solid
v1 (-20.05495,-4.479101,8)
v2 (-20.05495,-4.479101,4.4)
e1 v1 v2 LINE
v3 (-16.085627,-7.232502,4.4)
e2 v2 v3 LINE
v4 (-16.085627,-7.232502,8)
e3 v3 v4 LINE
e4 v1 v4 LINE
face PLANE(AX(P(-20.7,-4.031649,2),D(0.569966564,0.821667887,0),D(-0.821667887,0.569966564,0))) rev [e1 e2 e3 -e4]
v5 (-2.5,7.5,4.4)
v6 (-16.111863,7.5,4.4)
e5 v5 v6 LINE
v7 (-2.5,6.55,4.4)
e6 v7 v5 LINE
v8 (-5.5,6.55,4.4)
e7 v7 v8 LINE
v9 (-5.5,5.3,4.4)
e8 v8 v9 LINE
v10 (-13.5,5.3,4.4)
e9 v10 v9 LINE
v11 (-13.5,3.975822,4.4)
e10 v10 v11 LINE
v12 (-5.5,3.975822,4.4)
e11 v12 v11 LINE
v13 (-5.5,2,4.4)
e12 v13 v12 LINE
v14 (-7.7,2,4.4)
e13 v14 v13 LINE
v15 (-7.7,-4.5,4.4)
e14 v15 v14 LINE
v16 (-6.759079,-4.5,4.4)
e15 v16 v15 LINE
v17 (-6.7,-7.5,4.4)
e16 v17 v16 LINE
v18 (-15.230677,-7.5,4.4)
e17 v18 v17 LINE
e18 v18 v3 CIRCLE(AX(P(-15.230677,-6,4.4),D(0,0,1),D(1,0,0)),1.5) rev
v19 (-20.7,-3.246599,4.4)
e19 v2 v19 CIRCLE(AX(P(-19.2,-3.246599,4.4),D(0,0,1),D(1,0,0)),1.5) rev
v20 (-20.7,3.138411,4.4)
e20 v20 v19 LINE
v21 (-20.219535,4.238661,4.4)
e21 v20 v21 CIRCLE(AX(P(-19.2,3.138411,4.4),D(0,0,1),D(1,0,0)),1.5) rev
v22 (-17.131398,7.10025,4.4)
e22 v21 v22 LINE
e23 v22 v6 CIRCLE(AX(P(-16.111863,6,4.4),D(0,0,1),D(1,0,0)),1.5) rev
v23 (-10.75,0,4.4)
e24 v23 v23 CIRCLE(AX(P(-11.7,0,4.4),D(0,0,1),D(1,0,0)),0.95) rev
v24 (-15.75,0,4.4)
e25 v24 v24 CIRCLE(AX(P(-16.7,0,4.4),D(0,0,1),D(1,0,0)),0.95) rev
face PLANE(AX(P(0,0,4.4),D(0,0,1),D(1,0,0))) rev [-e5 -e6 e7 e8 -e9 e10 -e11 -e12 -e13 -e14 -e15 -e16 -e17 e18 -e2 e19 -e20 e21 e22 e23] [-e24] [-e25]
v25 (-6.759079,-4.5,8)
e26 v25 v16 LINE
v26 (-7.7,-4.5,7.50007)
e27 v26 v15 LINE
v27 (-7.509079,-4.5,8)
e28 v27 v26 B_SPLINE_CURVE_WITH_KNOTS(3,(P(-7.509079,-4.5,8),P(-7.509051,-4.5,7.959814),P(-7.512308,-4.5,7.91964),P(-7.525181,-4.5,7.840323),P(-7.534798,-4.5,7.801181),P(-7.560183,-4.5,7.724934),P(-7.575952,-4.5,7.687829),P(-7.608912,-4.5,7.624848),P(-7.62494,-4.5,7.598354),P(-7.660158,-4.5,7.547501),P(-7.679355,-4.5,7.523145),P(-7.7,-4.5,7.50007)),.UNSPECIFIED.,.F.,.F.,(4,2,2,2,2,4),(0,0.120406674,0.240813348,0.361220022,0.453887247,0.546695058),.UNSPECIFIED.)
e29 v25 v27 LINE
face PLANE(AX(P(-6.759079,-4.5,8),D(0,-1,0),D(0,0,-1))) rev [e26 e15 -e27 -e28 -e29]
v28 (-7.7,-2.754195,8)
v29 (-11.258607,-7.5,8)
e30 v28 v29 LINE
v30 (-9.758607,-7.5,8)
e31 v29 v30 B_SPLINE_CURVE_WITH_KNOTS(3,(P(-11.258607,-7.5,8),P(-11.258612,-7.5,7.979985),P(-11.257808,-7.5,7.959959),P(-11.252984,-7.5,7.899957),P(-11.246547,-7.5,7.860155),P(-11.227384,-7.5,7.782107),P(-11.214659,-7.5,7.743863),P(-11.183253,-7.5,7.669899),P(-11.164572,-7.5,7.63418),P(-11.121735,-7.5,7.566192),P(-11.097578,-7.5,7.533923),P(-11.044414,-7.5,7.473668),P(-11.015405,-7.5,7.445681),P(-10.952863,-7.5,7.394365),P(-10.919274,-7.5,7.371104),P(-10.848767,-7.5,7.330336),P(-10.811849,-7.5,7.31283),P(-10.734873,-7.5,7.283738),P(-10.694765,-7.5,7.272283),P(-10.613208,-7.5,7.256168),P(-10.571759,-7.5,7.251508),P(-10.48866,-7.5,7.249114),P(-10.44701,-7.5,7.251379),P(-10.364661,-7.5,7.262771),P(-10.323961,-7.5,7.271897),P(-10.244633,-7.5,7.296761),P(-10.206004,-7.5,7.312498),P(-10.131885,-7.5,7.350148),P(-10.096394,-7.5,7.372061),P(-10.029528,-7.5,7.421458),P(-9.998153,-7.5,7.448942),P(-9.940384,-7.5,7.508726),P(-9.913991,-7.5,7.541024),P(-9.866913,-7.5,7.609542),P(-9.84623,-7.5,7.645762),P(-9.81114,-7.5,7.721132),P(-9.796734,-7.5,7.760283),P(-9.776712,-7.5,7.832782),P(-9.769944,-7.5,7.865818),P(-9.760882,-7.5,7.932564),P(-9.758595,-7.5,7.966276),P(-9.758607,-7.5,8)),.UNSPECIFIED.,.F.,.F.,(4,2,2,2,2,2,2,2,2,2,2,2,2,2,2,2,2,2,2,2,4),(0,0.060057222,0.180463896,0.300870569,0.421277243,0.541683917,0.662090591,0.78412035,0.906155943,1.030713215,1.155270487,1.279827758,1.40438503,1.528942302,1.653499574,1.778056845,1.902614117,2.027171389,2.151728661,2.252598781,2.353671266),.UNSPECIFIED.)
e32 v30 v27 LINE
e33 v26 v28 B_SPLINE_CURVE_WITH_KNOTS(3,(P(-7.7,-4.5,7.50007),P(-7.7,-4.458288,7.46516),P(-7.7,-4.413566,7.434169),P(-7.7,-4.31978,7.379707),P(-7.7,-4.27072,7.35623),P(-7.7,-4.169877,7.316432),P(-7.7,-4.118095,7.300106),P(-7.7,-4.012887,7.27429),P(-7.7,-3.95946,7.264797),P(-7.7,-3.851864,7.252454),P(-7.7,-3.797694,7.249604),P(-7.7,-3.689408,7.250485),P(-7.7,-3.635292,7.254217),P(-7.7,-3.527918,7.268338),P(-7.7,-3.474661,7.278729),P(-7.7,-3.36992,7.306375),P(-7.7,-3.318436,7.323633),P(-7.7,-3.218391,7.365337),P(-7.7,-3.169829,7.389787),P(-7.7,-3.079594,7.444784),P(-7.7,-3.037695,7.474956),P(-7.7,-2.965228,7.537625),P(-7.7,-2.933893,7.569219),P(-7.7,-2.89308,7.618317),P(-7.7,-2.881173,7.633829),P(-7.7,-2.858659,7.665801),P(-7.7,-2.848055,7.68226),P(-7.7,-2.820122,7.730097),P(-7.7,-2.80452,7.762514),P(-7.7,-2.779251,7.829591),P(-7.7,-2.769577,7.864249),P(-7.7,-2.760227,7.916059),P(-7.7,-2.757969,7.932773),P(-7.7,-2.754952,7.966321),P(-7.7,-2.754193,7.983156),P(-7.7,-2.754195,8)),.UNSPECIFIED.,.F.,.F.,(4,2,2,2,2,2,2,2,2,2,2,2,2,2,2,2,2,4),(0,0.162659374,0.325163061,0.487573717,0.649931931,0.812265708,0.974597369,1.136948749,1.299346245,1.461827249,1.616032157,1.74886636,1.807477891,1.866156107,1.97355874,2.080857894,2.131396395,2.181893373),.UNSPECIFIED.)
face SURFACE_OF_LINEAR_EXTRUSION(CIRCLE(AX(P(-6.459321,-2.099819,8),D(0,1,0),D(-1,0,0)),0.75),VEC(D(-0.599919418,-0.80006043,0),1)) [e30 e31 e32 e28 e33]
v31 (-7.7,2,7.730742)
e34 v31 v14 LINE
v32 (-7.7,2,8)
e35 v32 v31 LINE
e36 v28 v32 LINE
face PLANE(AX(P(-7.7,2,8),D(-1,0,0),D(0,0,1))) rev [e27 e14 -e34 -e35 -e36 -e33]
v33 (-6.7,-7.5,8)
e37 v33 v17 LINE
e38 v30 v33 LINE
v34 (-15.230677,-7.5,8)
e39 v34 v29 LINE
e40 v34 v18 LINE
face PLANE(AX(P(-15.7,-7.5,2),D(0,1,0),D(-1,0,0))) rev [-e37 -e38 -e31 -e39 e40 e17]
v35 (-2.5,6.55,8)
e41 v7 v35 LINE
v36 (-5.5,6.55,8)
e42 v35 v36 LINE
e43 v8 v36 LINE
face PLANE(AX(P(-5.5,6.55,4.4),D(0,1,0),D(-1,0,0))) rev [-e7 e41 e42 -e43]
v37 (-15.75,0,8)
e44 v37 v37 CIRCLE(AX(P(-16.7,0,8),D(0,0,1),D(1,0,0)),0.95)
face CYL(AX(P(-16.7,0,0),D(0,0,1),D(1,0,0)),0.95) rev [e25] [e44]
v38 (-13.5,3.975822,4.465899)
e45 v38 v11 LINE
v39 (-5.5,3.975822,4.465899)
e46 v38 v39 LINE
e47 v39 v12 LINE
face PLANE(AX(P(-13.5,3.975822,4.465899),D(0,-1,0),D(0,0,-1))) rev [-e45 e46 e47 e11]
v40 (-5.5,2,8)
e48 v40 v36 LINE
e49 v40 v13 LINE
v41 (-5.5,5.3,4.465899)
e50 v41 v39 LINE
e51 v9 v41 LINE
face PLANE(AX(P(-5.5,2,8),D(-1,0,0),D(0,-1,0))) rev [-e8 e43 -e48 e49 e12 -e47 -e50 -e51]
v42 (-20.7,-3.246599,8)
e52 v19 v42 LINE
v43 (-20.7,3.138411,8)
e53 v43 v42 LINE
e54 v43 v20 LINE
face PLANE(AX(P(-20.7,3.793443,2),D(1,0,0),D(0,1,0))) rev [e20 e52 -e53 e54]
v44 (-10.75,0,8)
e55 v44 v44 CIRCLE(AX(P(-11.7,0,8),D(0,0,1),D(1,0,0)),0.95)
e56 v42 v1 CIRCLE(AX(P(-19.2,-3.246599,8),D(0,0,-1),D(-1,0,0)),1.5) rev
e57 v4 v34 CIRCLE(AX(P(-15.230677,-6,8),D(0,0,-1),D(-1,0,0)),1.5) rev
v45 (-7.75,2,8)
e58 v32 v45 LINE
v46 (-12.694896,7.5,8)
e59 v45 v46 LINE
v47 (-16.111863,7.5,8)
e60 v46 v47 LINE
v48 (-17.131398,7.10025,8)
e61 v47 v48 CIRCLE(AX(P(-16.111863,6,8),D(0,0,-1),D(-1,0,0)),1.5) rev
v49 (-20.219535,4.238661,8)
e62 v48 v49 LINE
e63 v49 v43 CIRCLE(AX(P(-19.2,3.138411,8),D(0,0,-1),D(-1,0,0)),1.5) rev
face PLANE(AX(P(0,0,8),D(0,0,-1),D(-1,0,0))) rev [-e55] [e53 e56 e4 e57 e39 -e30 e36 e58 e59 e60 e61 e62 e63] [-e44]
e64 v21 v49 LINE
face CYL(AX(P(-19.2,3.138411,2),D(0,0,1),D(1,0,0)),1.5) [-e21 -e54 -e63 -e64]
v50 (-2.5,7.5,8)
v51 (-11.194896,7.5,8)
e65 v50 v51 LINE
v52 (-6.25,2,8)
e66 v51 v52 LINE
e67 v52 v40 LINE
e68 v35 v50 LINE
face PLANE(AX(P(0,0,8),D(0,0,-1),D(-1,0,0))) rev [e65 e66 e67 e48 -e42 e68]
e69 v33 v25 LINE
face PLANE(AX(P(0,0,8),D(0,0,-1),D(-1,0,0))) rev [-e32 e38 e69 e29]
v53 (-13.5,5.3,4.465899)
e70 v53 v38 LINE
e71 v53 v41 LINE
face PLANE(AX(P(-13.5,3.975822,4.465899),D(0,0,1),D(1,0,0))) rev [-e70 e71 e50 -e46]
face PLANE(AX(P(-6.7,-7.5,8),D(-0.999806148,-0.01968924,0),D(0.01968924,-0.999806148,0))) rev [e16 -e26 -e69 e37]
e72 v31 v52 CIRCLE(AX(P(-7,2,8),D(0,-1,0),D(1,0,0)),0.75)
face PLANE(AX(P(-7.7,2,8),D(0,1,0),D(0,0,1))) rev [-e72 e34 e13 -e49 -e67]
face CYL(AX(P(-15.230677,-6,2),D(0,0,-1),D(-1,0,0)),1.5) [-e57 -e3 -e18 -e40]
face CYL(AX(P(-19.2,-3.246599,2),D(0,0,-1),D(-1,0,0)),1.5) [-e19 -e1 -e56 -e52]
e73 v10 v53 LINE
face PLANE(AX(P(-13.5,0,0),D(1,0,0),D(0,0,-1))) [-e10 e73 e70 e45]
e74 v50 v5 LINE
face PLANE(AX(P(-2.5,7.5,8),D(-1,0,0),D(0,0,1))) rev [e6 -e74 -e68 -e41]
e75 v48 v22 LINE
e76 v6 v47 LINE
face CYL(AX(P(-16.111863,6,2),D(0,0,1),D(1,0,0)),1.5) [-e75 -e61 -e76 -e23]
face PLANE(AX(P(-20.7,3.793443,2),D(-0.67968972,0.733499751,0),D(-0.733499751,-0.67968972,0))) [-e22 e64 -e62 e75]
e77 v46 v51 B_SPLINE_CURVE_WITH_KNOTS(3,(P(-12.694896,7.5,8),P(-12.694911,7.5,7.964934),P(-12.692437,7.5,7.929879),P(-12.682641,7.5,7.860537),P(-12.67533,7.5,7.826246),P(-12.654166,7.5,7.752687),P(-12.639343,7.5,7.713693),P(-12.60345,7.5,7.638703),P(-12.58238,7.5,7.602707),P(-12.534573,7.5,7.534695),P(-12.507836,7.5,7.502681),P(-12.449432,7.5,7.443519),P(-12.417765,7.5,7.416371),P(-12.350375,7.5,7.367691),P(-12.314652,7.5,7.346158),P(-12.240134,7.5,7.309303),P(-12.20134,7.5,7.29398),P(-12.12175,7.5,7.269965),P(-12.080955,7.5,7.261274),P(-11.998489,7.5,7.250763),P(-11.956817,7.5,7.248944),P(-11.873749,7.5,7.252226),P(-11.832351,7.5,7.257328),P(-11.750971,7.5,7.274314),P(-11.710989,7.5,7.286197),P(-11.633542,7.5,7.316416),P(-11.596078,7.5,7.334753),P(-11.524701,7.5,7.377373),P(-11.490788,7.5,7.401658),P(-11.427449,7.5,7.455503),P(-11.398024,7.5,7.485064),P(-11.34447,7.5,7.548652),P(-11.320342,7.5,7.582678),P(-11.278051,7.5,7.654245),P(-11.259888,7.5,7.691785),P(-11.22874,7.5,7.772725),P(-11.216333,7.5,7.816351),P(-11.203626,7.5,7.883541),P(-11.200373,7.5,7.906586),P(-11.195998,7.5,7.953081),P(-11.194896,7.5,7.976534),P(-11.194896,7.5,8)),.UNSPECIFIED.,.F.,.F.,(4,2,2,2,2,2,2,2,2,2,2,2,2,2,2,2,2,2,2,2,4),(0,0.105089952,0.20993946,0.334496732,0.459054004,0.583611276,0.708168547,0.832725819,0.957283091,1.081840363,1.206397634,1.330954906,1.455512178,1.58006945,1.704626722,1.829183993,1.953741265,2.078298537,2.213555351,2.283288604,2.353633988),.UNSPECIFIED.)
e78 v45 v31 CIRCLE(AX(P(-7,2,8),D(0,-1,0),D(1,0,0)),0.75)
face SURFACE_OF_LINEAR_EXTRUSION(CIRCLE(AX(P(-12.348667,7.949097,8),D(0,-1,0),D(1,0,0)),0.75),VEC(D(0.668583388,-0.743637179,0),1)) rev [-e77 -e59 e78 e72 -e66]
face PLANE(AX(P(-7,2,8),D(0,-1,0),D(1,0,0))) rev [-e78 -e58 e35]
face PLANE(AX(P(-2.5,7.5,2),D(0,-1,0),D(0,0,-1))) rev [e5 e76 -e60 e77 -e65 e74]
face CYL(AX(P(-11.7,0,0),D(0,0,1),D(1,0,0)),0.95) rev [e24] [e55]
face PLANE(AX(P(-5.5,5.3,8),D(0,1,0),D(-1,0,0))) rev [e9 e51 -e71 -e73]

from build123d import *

# Parameters (mm, degrees)
BOSS_EXTRUDE1_DEPTH      = 2
BOSS_EXTRUDE2_DEPTH      = 6
SKETCH24_R               = 3.9
BOSS_EXTRUDE5_DEPTH      = 2.3
SKETCH30_W               = 2.408612022
SKETCH30_H               = 1.324178481
CUT_EXTRUDE12_DEPTH      = 8
CUT_EXTRUDE11_DEPTH      = 5.3
FILLET1_R                = 1.5
SKETCH34_R               = 0.75
CUT_EXTRUDE13_DEPTH      = 8
SKETCH35_R               = 0.75
CUT_EXTRUDE14_DEPTH      = 3
CUT_EXTRUDE14_DEPTH_BACK = 8
SKETCH36_R               = 0.95
CUT_EXTRUDE15_DEPTH      = 8
SKETCH37_R               = 2
CUT_EXTRUDE16_DEPTH      = 2.5
SKETCH38_W               = 3
SKETCH38_H               = 1.25
CUT_EXTRUDE17_DEPTH      = 3.6


with BuildPart() as part:
    # Sketch2 → Boss-Extrude1 (new body)
    with BuildSketch(Plane.XY):
        with BuildLine():
            Line((-2.5, 7.5), (-16.7, 7.5))
            Line((-16.7, 7.5), (-20.7, 3.793442666))
            Line((-20.7, 3.793442666), (-20.7, -4.031648778))
            Line((-20.7, -4.031648778), (-15.7, -7.5))
            Line((-15.7, -7.5), (-6.7, -7.5))
            Line((-6.7, -7.5), (-4.2, -5.6))
            ThreePointArc((-4.2, -5.6), (3.130495168, -6.260990337), (7, 0))
            ThreePointArc((7, 0), (4.949747468, 4.949747468), (0, 7))
            Line((0, 7), (0, 7.5))
            Line((0, 7.5), (-2.5, 7.5))
        make_face()
    extrude(amount=BOSS_EXTRUDE1_DEPTH)

    # Sketch4 → Boss-Extrude2 (add)
    with BuildSketch(Plane.XY.offset(2)):
        Polygon((-15.7, -7.5), (-6.7, -7.5), (-6.759079174, -4.5), (-7.7, -4.5), (-7.7, 2), (-5.5, 2), (-5.5, 5.3), (-2.5, 5.3), (-2.5, 7.5), (-16.7, 7.5), (-20.7, 3.793442666), (-20.7, -4.031648778), align=None)
    extrude(amount=BOSS_EXTRUDE2_DEPTH)

    # Sketch24 → Boss-Extrude5 (add)
    with BuildSketch(Plane.XY.offset(2)):
        Circle(SKETCH24_R)
    extrude(amount=BOSS_EXTRUDE5_DEPTH)

    # Sketch30 → Cut-Extrude12 (cut)
    with BuildSketch(Plane(origin=(-5.5, 0, 0), x_dir=(0, 0, -1), z_dir=(1, 0, 0))):
        with Locations((-3.261593395, 4.63791076)):
            Rectangle(SKETCH30_W, SKETCH30_H)
    extrude(amount=-CUT_EXTRUDE12_DEPTH, mode=Mode.SUBTRACT)

    # Sketch28 → Cut-Extrude11 (cut, through all)
    with BuildSketch(Plane.XY.offset(4.3)):
        with BuildLine():
            Line((-1, 1.732050808), (-1, -1.732050808))
            ThreePointArc((-1, -1.732050808), (2, 0), (-1, 1.732050808))
        make_face()
    extrude(amount=-CUT_EXTRUDE11_DEPTH, mode=Mode.SUBTRACT)

    # Fillet1
    fillet1_edges = [part.edges().sort_by_distance(p)[0] for p in [
        (-11.2, -7.5, 0),
        (-8.35, 7.5, 0),
        (-18.7, 5.646721333, 0),
        (-18.2, -5.765824389, 0),
        (-20.7, -0.119103056, 0),
        (-15.7, -7.5, 4),
        (-20.7, -4.031648778, 4),
        (-20.7, 3.793442666, 4),
        (-16.7, 7.5, 4),
    ]]
    fillet(fillet1_edges, radius=FILLET1_R)

    # Sketch34 → Cut-Extrude13 (cut, along a direction that is not the sketch's normal)
    with BuildSketch(Plane.XZ.offset(-2)):
        with Locations((-7, 8)):
            Circle(SKETCH34_R)
    extrude(amount=-CUT_EXTRUDE13_DEPTH, dir=(0.668583388, -0.743637179, 0), mode=Mode.SUBTRACT)

    # Sketch35 → Cut-Extrude14 (cut, two sides, along a direction that is not the sketch's normal)
    with BuildSketch(Plane(origin=(0, -4.5, 0), x_dir=(1, 0, 0), z_dir=(0, 1, 0))) as cut_extrude14_sk:
        with Locations((-8.259079174, -8)):
            Circle(SKETCH35_R)
    extrude(amount=CUT_EXTRUDE14_DEPTH, dir=(0.599919418, 0.80006043, 0), mode=Mode.SUBTRACT)
    extrude(cut_extrude14_sk.sketch, amount=-CUT_EXTRUDE14_DEPTH_BACK, dir=(0.599919418, 0.80006043, 0), mode=Mode.SUBTRACT)

    # Sketch36 → Cut-Extrude15 (cut)
    with BuildSketch(Plane.XY.offset(8)):
        with Locations((-11.7, 0)):
            Circle(SKETCH36_R)
        with Locations((-16.7, 0)):
            Circle(SKETCH36_R)
    extrude(amount=-CUT_EXTRUDE15_DEPTH, mode=Mode.SUBTRACT)

    # Sketch37 → Cut-Extrude16 (cut)
    with BuildSketch(Plane(origin=(0, 0, 0), x_dir=(-1, 0, 0), z_dir=(0, 0, -1))):
        with Locations((11.7, 0)):
            Circle(SKETCH37_R)
        with Locations((16.7, 0)):
            Circle(SKETCH37_R)
    extrude(amount=-CUT_EXTRUDE16_DEPTH, mode=Mode.SUBTRACT)

    # Sketch38 → Cut-Extrude17 (cut)
    with BuildSketch(Plane.XY.offset(8)):
        with Locations((-4, 5.925)):
            Rectangle(SKETCH38_W, SKETCH38_H)
    extrude(amount=-CUT_EXTRUDE17_DEPTH, mode=Mode.SUBTRACT)


with BuildPart() as body_2:
    # Split1: the piece on the far side of the plane
    add(part.part)
    split(bisect_by=Plane.XY.offset(4.4), keep=Keep.BOTTOM)


with BuildPart() as part_1:
    add(part.part)

    # Split1
    split(bisect_by=Plane.XY.offset(4.4), keep=Keep.TOP)


solid = part_1.part
